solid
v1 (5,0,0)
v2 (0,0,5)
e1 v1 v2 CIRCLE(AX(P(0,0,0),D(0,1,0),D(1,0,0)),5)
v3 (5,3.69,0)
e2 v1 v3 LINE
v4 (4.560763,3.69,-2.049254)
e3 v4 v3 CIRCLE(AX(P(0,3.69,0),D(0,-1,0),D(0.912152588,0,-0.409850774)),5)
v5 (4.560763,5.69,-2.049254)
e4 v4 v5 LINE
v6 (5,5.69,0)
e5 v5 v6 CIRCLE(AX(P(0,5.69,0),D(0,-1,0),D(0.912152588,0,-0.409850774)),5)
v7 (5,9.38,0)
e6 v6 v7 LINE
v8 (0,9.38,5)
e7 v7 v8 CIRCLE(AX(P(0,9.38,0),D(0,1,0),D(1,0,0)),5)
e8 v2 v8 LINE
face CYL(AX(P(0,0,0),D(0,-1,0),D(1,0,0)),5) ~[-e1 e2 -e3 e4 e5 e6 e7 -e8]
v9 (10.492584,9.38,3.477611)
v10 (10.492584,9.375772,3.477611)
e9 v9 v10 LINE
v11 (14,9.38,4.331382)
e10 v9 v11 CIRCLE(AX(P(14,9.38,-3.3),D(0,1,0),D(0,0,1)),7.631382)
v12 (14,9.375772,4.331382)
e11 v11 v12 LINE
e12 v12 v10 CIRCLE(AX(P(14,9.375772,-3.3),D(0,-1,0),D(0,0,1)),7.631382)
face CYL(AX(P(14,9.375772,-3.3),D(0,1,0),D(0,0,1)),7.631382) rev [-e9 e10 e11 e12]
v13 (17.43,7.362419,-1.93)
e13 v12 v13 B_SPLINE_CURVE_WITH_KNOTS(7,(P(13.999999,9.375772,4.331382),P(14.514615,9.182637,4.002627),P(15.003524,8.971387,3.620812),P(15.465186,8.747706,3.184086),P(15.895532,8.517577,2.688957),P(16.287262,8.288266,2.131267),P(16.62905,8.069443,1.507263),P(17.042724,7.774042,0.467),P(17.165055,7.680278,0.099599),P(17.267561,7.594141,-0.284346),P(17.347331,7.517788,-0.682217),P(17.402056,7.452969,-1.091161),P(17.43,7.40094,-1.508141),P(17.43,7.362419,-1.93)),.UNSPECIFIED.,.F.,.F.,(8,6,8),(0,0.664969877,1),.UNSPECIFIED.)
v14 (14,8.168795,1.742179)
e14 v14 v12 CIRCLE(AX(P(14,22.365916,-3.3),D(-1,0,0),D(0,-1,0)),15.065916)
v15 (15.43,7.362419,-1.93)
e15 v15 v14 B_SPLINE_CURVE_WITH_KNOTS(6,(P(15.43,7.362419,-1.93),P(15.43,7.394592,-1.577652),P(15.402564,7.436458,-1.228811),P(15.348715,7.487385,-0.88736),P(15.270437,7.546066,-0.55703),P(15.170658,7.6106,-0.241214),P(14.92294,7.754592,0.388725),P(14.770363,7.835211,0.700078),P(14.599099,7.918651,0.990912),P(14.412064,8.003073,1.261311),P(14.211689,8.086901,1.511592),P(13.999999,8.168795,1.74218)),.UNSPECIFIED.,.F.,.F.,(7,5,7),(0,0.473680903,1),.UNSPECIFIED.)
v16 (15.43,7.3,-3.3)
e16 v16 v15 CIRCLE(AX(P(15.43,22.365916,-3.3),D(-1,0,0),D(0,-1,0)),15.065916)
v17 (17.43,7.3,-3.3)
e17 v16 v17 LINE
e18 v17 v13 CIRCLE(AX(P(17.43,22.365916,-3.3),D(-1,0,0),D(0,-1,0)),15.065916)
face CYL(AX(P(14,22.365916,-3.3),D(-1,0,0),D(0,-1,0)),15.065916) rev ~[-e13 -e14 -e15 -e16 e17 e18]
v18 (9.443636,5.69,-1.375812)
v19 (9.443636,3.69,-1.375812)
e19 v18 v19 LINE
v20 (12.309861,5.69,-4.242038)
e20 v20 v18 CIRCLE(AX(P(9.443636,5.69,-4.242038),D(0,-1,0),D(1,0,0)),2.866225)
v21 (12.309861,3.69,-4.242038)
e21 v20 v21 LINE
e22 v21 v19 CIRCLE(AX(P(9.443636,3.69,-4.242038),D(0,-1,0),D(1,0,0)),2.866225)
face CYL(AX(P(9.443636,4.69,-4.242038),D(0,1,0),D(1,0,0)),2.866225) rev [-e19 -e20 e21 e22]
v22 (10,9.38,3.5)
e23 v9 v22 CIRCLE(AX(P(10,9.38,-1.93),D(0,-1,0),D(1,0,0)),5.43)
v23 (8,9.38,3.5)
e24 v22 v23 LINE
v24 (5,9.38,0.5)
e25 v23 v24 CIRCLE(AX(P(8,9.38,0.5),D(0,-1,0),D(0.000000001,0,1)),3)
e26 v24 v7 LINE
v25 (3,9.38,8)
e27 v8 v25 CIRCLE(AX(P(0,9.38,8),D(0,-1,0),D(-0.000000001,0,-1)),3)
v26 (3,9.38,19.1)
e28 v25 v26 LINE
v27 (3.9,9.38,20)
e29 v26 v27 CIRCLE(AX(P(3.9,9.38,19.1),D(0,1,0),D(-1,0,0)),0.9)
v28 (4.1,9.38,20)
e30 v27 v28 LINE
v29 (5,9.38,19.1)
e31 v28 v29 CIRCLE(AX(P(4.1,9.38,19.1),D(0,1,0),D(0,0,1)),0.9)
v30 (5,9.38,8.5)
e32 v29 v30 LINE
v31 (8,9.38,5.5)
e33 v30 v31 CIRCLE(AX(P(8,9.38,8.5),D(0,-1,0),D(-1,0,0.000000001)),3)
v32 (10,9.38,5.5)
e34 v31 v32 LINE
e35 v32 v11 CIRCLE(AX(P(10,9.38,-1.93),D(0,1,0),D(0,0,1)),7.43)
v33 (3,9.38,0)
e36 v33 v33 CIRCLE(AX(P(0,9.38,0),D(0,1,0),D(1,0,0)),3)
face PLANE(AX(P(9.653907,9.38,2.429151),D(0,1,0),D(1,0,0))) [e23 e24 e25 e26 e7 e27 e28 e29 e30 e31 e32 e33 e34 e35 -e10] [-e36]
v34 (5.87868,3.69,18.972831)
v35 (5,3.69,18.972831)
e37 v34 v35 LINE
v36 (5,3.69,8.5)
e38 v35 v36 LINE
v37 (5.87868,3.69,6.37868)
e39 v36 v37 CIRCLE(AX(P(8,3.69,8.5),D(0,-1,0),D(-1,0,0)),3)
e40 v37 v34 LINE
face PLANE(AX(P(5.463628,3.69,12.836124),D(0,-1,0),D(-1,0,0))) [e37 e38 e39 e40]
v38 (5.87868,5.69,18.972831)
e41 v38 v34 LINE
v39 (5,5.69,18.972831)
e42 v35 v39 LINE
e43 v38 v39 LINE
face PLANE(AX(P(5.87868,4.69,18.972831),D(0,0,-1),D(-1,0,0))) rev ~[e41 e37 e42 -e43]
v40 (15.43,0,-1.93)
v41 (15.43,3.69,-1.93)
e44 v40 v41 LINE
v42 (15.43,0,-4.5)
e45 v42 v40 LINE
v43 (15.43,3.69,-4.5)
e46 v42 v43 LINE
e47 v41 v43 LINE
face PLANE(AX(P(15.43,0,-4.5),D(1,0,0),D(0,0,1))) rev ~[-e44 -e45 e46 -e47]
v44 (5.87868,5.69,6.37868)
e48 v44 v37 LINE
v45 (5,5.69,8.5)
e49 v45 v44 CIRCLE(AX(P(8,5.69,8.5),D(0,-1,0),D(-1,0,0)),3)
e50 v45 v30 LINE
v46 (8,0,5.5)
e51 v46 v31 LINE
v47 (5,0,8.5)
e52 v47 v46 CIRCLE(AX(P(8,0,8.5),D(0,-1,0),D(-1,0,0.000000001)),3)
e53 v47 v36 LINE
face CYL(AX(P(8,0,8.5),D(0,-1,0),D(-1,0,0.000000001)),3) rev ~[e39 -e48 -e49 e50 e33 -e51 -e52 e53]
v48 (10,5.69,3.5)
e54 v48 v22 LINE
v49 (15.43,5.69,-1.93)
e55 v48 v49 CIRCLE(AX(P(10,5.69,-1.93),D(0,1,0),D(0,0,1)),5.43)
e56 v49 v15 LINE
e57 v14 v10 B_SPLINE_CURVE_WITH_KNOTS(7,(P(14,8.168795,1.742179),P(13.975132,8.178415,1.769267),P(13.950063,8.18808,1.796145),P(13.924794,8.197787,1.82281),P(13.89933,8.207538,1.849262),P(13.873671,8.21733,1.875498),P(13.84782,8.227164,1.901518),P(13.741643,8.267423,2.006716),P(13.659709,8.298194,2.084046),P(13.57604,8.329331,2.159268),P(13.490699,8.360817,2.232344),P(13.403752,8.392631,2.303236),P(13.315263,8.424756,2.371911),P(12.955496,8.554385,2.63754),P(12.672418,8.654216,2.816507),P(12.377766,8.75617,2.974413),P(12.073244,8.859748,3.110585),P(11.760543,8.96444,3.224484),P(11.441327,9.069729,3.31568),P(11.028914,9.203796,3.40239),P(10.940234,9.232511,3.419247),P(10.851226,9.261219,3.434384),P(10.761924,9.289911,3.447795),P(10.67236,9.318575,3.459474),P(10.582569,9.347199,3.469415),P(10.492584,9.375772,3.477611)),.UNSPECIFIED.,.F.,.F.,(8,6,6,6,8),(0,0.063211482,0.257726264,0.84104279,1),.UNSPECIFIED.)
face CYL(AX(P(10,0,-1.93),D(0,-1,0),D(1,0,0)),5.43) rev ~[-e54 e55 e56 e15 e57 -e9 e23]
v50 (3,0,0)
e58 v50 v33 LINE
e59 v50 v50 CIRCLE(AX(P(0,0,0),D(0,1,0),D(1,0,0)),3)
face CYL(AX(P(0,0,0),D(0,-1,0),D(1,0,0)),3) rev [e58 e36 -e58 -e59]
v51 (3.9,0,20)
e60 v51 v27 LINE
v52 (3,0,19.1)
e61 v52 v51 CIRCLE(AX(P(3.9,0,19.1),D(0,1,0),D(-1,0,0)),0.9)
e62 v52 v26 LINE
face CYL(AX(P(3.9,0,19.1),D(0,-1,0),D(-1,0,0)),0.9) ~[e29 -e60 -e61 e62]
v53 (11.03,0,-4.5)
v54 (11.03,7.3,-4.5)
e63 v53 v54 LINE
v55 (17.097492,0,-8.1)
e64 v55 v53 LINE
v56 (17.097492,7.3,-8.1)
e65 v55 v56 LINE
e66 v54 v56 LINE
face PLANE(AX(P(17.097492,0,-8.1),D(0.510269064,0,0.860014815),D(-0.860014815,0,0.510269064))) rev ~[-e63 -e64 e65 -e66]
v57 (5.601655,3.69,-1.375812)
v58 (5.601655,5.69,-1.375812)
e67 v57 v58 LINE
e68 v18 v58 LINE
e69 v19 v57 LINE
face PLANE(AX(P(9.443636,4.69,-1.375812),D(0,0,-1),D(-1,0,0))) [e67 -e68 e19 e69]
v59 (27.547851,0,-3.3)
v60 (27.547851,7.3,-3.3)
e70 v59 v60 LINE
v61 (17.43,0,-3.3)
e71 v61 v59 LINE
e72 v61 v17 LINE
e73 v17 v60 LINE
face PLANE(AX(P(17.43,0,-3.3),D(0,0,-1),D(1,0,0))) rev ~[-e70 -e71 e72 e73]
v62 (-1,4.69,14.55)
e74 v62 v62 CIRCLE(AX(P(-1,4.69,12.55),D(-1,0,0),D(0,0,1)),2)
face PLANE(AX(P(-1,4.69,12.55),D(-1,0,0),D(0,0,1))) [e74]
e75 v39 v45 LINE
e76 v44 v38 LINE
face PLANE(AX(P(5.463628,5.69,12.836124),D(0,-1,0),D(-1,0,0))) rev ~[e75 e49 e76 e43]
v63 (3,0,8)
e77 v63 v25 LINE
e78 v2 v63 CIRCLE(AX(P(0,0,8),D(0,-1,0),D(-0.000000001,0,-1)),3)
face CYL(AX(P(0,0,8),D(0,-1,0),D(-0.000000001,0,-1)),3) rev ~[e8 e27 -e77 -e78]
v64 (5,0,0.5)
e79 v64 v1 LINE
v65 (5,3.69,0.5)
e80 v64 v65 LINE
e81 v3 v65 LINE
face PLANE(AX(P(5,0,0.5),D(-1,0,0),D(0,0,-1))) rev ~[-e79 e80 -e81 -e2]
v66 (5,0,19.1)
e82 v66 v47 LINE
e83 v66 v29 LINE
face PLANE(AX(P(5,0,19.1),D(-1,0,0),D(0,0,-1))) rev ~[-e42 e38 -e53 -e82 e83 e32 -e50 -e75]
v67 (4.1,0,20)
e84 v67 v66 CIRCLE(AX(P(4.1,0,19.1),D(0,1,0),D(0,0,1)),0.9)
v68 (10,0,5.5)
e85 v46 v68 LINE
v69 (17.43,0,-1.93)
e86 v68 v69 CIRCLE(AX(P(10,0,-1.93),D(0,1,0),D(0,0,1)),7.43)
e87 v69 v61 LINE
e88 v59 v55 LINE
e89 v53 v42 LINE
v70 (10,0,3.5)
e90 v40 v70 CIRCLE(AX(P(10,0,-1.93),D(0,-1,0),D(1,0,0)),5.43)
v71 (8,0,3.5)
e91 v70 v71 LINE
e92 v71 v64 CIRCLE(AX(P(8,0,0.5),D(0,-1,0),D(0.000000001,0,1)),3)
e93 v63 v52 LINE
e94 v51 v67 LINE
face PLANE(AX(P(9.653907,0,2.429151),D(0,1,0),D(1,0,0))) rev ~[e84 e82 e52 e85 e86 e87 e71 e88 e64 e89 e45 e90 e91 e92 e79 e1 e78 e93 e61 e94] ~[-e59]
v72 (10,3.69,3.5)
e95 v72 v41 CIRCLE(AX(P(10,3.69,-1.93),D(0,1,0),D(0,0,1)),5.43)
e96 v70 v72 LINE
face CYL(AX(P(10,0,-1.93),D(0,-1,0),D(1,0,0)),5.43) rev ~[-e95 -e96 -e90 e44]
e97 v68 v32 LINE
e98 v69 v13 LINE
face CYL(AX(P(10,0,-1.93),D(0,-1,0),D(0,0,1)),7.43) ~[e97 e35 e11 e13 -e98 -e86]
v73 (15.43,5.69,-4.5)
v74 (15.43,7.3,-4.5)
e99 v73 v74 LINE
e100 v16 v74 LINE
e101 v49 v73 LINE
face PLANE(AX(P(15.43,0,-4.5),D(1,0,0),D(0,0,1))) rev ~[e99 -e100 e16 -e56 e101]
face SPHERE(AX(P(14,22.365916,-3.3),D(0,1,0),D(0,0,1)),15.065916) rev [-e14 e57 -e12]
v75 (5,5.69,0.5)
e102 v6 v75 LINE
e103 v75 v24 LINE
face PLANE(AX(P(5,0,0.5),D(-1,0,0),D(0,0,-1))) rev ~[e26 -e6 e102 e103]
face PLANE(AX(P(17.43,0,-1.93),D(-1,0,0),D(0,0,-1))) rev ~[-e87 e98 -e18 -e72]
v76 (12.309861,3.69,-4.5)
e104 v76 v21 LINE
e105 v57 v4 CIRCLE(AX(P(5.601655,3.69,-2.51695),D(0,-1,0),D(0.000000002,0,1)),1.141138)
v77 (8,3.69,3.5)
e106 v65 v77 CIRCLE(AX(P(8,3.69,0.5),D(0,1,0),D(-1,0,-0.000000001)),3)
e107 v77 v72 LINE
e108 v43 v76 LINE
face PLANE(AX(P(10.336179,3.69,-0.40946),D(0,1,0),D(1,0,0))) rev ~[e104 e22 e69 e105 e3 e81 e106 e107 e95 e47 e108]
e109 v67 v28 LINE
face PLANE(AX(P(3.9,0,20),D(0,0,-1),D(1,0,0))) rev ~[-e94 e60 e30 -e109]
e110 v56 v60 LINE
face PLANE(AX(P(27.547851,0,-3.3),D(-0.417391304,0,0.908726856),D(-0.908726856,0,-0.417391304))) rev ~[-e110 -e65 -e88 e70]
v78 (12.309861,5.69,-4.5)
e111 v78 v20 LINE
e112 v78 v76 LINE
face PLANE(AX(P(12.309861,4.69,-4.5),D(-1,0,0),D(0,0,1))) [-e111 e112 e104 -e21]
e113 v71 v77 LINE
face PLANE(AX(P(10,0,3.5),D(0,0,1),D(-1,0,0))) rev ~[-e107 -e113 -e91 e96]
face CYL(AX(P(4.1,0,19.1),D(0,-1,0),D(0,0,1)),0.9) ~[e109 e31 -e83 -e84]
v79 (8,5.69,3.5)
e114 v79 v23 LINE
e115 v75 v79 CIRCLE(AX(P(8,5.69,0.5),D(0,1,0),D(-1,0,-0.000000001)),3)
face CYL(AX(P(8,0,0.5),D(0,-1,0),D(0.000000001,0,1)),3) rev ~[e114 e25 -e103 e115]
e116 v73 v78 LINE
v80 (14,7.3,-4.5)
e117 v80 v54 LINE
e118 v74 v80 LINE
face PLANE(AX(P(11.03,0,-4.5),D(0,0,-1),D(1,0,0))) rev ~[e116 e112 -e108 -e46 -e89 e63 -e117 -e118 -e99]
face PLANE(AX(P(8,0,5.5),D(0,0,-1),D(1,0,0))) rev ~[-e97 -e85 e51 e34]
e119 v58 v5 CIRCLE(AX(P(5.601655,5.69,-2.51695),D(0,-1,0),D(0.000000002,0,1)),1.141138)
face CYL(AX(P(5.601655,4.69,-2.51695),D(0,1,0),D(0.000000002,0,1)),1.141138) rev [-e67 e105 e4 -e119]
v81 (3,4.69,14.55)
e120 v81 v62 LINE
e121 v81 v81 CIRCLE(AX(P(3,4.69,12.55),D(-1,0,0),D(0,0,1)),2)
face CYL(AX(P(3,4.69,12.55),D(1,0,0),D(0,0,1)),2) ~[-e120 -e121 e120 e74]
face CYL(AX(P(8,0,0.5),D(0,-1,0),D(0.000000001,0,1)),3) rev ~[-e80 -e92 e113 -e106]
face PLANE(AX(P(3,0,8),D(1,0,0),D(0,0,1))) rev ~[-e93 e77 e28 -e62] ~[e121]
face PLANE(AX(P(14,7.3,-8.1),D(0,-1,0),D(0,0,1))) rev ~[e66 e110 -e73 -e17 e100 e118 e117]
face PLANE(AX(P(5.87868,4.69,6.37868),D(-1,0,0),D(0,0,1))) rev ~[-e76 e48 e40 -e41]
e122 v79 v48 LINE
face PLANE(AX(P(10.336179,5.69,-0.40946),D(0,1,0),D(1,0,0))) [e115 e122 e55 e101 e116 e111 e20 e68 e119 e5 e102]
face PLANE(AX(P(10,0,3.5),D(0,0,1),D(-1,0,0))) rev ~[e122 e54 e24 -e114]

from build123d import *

# Parameters (mm, degrees)
SKETCH1_R           = 3
BOSS_EXTRUDE1_DEPTH = 9.38
BOSS_EXTRUDE2_DEPTH = 1
SKETCH5_R           = 2
BOSS_EXTRUDE3_DEPTH = 4
BOSS_EXTRUDE4_DEPTH = 1
CUT_EXTRUDE1_DEPTH  = 15
SKETCH8_W           = 1.762177923
SKETCH8_H           = 2.08
CUT_EXTRUDE2_DEPTH  = 5
CUT_REVOLVE2_ANGLE  = 180


with BuildPart() as part:
    # Sketch1 → Boss-Extrude1 (new body)
    with BuildSketch(Plane(origin=(0, 0, 0), x_dir=(1, 0, 0), z_dir=(0, 1, 0))):
        with BuildLine():
            Line((3, -8), (3, -19.1))
            ThreePointArc((3, -19.1), (3.263603897, -19.736396103), (3.9, -20))
            Line((3.9, -20), (4.1, -20))
            ThreePointArc((4.1, -20), (4.736396103, -19.736396103), (5, -19.1))
            Line((5, -19.1), (5, -8.5))
            ThreePointArc((5, -8.5), (5.878679656, -6.378679656), (8, -5.5))
            Line((8, -5.5), (10, -5.5))
            ThreePointArc((10, -5.5), (15.253803384, -3.323803384), (17.43, 1.93))
            Line((17.43, 1.93), (17.43, 3.3))
            Line((17.43, 3.3), (27.54785059, 3.3))
            Line((27.54785059, 3.3), (17.097491745, 8.1))
            Line((17.097491745, 8.1), (11.03, 4.5))
            Line((11.03, 4.5), (15.43, 4.5))
            Line((15.43, 4.5), (15.43, 1.93))
            ThreePointArc((15.43, 1.93), (13.839589822, -1.909589822), (10, -3.5))
            Line((10, -3.5), (8, -3.5))
            ThreePointArc((8, -3.5), (5.878679656, -2.621320344), (5, -0.5))
            Line((5, -0.5), (5, 0))
            ThreePointArc((5, 0), (-3.535533906, 3.535533906), (0, -5))
            ThreePointArc((0, -5), (2.121320344, -5.878679656), (3, -8))
        make_face()
        Circle(SKETCH1_R, mode=Mode.SUBTRACT)
    extrude(amount=BOSS_EXTRUDE1_DEPTH)

    # Sketch3 → Boss-Extrude2 (add, symmetric)
    with BuildSketch(Plane(origin=(0, 4.69, 0), x_dir=(1, 0, 0), z_dir=(0, 1, 0))):
        with BuildLine():
            Line((9.443635769, 1.375812361), (5.601654611, 1.375812361))
            ThreePointArc((5.601654611, 1.375812361), (4.981779837, 1.558852726), (4.560762938, 2.04925387))
            ThreePointArc((4.560762938, 2.04925387), (4.888957695, 1.047899163), (5, 0))
            Line((5, 0), (5, -0.5))
            ThreePointArc((5, -0.5), (5.878679656, -2.621320344), (8, -3.5))
            Line((8, -3.5), (10, -3.5))
            ThreePointArc((10, -3.5), (13.839589822, -1.909589822), (15.43, 1.93))
            Line((15.43, 1.93), (15.43, 4.5))
            Line((15.43, 4.5), (12.309861007, 4.5))
            Line((12.309861007, 4.5), (12.309861007, 4.242037598))
            ThreePointArc((12.309861007, 4.242037598), (11.470363071, 2.215310296), (9.443635769, 1.375812361))
        make_face()
    extrude(amount=BOSS_EXTRUDE2_DEPTH, both=True)

    # Sketch5 → Boss-Extrude3 (add)
    with BuildSketch(Plane.ZY.offset(-3)):
        with Locations((12.55, 4.69)):
            Circle(SKETCH5_R)
    extrude(amount=BOSS_EXTRUDE3_DEPTH)

    # Sketch6 → Boss-Extrude4 (add, symmetric)
    with BuildSketch(Plane(origin=(0, 4.69, 0), x_dir=(1, 0, 0), z_dir=(0, 1, 0))):
        with BuildLine():
            ThreePointArc((5, -8.5), (5.228361402, -7.351949703), (5.878679656, -6.378679656))
            Line((5.878679656, -6.378679656), (5.878679656, -18.972831199))
            Line((5.878679656, -18.972831199), (5, -18.972831199))
            Line((5, -18.972831199), (5, -8.5))
        make_face()
    extrude(amount=BOSS_EXTRUDE4_DEPTH, both=True)

    # Sketch7 → Cut-Extrude1 (cut)
    with BuildSketch(Plane(origin=(14, 0, 0), x_dir=(0, 0, -1), z_dir=(1, 0, 0))):
        with BuildLine():
            Line((-4.338573914, 9.38), (3.3, 22.365916212))
            Line((3.3, 22.365916212), (8.1, 10.195783218))
            Line((8.1, 10.195783218), (8.1, 7.3))
            Line((8.1, 7.3), (3.3, 7.3))
            ThreePointArc((3.3, 7.3), (-0.658352291, 7.829297677), (-4.338573914, 9.38))
        make_face()
    extrude(amount=CUT_EXTRUDE1_DEPTH, mode=Mode.SUBTRACT)

    # Sketch8 → Cut-Extrude2 (cut)
    with BuildSketch(Plane(origin=(14, 0, 0), x_dir=(0, 0, -1), z_dir=(1, 0, 0))):
        with Locations((5.381088961, 8.34)):
            Rectangle(SKETCH8_W, SKETCH8_H)
    extrude(amount=-CUT_EXTRUDE2_DEPTH, mode=Mode.SUBTRACT)

    # Sketch12 → Cut-Revolve2 (revolve, cut)
    with BuildSketch(Plane(origin=(14, 0, 0), x_dir=(0, 0, -1), z_dir=(1, 0, 0))):
        with BuildLine():
            Line((-1.74217919, 9.38), (-1.74217919, 8.168794661))
            ThreePointArc((-1.74217919, 8.168794661), (-3.065452427, 8.710776275), (-4.331381637, 9.375772039))
            Line((-4.331381637, 9.375772039), (-4.331381637, 10.213200203))
            Line((-4.331381637, 10.213200203), (-1.74217919, 10.213200203))
            Line((-1.74217919, 10.213200203), (-1.74217919, 9.38))
        make_face()
    revolve(axis=Axis((14, 22.365916212, -3.3), (0, -1, 0)), revolution_arc=CUT_REVOLVE2_ANGLE, mode=Mode.SUBTRACT)


solid = part.part
